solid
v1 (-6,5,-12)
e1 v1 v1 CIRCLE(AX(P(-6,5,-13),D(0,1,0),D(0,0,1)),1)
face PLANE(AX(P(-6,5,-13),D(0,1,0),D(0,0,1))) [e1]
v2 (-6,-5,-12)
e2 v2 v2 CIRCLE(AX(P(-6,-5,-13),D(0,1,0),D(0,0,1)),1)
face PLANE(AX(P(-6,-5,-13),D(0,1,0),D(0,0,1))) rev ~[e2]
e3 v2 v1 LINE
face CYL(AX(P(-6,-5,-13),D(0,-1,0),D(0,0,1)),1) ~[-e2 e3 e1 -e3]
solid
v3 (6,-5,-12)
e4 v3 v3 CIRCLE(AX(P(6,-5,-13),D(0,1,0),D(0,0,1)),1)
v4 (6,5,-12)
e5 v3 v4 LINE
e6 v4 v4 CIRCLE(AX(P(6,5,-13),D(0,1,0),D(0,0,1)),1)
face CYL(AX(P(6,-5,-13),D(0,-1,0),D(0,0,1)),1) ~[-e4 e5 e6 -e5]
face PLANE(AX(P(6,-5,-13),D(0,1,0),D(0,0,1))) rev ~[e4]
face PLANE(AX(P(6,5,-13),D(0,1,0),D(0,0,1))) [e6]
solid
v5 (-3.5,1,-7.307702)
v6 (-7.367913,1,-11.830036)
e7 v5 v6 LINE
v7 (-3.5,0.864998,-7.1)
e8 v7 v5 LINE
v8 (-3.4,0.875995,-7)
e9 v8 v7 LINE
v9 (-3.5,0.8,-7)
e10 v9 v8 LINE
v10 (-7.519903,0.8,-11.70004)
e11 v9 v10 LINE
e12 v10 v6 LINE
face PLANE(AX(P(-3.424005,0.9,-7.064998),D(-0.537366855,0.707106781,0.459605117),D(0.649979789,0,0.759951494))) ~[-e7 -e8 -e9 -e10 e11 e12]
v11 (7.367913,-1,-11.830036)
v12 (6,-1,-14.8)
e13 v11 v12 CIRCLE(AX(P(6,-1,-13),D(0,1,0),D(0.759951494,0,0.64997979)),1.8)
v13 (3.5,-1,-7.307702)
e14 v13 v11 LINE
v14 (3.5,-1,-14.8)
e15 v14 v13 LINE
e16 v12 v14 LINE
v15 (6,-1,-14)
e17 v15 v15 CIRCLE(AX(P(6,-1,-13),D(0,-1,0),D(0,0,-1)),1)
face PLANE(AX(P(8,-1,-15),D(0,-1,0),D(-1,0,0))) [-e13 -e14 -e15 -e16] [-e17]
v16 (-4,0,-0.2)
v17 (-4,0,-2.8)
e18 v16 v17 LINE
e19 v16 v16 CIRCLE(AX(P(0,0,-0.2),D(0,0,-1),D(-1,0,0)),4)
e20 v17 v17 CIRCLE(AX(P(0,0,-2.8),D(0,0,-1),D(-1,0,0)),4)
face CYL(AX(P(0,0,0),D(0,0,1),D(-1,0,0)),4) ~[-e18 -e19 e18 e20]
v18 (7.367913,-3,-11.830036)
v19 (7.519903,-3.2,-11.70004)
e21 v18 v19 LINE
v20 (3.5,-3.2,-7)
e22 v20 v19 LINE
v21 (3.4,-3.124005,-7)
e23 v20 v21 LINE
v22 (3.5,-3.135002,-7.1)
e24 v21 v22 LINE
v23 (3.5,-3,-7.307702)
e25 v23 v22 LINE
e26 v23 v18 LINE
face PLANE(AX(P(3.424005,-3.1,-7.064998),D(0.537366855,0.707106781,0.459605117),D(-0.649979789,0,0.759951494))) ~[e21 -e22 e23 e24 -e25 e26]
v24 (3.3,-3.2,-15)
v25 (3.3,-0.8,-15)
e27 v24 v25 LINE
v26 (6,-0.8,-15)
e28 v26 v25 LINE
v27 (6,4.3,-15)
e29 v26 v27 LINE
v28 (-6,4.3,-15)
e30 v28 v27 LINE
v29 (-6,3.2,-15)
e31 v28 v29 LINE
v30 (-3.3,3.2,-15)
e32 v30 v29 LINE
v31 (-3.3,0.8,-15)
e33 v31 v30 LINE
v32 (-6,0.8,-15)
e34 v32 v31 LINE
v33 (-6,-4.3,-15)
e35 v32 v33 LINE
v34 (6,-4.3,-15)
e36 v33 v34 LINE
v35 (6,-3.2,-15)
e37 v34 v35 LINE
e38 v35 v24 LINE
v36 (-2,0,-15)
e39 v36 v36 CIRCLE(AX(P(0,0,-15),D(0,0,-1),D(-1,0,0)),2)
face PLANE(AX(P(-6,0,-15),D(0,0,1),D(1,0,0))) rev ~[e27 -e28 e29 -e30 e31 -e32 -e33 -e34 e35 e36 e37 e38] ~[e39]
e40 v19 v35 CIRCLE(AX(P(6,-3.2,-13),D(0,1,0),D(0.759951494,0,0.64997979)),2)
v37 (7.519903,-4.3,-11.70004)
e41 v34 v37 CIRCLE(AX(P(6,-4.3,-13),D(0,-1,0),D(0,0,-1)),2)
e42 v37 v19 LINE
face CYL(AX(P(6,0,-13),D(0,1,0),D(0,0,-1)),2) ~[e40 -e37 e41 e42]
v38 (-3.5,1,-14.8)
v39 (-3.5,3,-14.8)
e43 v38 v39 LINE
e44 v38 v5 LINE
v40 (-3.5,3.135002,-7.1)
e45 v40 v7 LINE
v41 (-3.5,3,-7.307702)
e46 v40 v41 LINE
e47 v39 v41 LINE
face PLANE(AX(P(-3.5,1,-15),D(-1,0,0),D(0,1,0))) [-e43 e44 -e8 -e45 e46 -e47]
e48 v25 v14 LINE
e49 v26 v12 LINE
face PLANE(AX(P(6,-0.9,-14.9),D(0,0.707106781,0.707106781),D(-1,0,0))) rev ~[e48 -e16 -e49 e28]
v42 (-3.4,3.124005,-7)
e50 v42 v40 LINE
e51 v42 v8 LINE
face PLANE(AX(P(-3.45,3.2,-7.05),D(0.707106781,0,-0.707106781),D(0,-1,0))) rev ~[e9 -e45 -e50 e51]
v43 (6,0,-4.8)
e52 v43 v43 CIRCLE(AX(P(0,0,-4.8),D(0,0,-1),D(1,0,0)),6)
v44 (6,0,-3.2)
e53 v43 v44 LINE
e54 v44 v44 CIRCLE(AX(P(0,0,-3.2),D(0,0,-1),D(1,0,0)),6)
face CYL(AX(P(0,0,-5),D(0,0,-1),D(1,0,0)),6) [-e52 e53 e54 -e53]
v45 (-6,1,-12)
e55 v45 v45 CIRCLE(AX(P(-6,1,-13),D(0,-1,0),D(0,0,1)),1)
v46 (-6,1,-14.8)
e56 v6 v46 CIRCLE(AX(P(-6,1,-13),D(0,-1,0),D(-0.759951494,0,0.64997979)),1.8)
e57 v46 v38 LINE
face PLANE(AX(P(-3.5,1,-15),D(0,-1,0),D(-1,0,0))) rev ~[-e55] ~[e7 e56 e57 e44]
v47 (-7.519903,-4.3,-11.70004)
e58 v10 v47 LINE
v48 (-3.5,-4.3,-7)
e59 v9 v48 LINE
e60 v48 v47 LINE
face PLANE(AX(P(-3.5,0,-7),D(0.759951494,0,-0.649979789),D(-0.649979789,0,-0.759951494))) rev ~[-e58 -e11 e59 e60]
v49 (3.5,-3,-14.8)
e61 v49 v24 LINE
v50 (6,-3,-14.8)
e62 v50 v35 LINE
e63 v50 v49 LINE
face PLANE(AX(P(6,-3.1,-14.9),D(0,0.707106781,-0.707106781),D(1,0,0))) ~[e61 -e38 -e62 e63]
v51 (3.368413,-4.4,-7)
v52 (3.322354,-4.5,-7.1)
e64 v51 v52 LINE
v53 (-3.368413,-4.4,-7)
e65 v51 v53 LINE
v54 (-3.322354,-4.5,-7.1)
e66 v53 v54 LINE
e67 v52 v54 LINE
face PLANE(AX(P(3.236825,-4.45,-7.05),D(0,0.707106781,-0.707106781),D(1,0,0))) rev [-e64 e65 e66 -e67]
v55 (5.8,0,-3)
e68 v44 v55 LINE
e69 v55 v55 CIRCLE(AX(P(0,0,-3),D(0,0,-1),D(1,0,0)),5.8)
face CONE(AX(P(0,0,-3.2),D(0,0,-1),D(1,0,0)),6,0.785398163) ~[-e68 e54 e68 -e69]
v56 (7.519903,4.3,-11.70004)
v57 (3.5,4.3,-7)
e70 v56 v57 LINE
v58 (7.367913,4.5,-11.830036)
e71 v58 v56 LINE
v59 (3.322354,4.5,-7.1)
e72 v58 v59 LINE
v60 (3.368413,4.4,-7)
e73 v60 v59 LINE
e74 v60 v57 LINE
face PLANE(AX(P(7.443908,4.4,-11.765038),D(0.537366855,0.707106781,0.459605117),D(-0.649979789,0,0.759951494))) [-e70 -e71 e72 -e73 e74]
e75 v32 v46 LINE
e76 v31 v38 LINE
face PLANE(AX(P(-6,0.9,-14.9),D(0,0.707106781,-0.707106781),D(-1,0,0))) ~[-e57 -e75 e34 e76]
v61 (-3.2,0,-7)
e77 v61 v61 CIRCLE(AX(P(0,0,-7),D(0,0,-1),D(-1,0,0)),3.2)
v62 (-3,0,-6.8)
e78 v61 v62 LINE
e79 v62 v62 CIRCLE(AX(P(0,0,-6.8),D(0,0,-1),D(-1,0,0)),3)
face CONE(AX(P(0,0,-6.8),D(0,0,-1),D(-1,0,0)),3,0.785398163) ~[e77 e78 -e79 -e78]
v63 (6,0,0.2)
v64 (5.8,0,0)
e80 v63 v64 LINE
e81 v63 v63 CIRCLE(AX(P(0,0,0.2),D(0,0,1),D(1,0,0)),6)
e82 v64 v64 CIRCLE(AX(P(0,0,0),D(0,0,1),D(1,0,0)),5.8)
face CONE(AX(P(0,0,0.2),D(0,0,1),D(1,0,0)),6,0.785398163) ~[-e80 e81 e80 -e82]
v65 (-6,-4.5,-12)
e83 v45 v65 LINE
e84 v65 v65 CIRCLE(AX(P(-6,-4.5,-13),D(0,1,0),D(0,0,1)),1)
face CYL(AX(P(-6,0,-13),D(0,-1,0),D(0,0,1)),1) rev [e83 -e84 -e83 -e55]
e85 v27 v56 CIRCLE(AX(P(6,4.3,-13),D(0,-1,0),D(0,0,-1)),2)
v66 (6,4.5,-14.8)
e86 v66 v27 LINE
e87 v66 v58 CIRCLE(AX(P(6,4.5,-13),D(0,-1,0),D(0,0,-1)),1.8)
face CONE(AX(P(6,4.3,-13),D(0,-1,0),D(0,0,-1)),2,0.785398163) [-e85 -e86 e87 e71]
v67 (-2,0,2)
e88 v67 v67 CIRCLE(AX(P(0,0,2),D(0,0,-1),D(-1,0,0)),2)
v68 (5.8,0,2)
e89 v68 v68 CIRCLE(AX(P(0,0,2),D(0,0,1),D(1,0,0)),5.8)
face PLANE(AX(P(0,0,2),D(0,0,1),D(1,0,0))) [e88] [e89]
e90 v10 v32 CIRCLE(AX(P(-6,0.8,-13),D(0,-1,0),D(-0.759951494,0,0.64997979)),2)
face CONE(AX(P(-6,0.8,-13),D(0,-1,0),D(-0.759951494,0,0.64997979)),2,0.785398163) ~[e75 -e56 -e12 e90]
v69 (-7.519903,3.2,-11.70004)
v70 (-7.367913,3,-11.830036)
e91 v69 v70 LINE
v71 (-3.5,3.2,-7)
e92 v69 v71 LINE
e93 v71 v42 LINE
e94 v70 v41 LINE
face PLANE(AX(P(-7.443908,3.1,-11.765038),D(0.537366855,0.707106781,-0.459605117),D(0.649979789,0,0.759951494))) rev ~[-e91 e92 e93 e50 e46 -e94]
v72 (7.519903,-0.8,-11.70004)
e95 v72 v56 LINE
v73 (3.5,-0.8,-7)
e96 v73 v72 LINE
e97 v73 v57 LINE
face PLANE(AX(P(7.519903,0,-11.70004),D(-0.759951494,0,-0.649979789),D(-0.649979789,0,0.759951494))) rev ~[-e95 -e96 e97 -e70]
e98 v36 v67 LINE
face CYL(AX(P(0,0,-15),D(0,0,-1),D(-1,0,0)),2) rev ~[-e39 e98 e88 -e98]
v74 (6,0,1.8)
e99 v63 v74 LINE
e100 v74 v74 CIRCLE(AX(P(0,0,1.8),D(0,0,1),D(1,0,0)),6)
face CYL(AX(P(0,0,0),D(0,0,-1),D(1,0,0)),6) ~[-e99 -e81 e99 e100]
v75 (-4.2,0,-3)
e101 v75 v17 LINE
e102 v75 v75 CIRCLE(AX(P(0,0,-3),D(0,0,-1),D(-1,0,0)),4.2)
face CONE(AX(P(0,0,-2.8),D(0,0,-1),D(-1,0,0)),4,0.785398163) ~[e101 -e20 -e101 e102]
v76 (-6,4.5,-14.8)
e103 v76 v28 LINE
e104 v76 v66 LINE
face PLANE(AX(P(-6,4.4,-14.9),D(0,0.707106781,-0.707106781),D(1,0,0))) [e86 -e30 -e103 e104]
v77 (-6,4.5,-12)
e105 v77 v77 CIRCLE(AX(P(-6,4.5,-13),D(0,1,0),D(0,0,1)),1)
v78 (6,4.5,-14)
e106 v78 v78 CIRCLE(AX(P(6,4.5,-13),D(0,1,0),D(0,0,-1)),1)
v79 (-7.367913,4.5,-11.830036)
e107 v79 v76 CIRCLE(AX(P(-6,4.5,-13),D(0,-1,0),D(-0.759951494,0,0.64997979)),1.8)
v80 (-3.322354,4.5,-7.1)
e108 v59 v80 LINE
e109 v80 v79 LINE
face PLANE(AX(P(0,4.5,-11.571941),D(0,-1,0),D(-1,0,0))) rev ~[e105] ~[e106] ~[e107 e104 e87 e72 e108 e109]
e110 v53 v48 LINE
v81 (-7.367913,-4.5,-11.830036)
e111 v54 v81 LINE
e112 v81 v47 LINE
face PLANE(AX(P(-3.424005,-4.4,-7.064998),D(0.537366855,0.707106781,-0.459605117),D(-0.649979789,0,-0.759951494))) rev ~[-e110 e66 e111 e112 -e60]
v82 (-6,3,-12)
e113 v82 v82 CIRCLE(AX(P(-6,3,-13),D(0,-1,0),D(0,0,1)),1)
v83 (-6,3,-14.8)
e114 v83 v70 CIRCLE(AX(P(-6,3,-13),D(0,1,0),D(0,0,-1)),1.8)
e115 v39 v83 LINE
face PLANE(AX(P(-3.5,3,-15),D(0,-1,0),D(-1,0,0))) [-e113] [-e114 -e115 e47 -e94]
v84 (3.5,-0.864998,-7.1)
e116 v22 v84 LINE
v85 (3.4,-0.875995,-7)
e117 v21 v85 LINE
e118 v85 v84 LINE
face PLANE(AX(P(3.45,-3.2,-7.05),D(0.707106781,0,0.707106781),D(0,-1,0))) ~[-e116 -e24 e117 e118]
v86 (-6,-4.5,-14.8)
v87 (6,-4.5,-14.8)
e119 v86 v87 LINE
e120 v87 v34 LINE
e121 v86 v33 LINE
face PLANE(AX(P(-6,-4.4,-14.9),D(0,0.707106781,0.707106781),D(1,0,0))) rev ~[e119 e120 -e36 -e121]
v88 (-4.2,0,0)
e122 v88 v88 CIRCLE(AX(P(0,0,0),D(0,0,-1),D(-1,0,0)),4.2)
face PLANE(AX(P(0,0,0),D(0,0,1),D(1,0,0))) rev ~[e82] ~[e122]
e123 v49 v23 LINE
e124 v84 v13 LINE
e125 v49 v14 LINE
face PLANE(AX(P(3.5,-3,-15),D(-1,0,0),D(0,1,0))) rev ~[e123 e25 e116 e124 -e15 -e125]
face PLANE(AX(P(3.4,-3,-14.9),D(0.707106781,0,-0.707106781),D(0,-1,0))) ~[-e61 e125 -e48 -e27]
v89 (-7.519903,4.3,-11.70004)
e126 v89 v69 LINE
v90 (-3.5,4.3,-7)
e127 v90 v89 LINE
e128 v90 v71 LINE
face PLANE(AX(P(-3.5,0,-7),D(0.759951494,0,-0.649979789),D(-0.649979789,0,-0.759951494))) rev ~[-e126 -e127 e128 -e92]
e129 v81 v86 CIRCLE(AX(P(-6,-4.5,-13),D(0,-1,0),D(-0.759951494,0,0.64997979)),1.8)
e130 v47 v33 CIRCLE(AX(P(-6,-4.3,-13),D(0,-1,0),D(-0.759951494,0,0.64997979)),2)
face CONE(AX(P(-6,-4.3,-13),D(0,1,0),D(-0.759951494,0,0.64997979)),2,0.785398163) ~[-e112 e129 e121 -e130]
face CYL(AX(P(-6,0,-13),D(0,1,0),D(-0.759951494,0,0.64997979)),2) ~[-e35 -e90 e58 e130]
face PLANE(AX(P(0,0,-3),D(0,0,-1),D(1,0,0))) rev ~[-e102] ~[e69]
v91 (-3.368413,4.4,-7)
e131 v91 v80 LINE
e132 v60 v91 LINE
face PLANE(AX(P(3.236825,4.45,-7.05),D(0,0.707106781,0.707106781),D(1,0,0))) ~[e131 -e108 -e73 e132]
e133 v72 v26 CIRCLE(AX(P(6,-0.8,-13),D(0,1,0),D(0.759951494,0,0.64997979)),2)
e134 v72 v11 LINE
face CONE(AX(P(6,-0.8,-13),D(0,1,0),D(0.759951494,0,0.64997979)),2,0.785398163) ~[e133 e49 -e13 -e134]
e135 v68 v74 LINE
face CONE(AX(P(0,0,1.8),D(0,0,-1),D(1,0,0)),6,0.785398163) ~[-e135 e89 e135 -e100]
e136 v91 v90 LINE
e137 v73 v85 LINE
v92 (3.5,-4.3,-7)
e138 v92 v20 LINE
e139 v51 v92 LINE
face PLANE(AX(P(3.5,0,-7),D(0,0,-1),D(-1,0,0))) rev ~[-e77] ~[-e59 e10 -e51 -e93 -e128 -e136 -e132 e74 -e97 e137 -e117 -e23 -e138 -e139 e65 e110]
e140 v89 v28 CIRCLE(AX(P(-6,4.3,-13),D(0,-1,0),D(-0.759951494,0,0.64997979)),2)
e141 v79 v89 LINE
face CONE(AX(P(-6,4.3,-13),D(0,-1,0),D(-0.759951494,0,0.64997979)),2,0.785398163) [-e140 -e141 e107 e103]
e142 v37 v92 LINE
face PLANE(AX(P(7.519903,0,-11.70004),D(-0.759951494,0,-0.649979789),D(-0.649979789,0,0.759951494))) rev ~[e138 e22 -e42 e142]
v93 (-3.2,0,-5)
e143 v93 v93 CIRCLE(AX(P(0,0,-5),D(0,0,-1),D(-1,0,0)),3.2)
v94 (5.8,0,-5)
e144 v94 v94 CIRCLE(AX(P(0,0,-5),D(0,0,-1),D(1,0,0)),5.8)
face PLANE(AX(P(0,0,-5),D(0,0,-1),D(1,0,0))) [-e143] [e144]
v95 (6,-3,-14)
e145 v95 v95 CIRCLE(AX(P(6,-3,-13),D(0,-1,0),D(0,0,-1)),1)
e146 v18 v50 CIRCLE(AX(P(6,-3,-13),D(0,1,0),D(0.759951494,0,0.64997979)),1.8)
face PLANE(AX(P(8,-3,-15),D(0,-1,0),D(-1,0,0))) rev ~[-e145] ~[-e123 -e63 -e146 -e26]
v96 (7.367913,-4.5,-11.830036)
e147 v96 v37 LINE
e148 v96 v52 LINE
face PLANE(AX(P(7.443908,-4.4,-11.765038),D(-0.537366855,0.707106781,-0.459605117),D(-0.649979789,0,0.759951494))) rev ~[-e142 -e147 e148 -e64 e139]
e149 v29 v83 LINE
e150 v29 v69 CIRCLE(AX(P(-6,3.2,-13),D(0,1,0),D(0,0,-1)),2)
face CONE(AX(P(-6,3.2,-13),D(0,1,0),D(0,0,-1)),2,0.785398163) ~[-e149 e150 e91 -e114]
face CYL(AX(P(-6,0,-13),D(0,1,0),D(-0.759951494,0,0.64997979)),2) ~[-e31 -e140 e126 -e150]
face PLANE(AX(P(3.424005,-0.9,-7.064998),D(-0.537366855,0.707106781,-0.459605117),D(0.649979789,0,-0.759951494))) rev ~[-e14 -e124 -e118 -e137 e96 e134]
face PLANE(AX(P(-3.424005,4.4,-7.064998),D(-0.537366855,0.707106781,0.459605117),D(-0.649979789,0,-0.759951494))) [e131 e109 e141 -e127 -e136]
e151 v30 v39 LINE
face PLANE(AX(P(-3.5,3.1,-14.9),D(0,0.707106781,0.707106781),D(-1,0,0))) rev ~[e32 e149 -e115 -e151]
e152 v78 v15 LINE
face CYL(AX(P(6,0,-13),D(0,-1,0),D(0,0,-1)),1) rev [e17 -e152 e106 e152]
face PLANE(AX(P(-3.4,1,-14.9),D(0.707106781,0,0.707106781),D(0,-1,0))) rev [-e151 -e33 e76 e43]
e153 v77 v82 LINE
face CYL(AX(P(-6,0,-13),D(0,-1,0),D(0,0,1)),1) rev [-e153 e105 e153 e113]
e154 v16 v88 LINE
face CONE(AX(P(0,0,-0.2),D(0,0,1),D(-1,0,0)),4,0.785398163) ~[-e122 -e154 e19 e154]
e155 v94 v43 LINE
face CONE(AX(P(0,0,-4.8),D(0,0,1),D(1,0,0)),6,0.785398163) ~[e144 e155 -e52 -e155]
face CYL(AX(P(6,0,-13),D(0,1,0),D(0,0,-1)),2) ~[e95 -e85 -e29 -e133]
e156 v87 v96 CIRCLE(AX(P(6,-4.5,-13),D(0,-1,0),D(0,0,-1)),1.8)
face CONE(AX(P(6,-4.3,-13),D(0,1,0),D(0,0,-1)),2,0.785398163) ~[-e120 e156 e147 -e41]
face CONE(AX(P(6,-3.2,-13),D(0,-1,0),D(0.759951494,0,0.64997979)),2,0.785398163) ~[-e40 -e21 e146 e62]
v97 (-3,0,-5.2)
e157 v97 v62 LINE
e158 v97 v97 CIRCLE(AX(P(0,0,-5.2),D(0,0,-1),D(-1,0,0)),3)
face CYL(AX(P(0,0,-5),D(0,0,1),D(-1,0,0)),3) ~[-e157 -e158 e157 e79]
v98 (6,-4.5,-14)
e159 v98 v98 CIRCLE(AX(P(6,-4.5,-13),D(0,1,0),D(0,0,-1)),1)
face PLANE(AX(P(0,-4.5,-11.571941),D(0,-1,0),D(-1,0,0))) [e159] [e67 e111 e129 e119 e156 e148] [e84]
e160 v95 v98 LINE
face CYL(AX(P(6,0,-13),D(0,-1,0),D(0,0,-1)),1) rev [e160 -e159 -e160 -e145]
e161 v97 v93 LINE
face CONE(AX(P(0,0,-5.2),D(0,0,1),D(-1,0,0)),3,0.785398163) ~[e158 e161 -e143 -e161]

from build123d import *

# Parameters (mm, degrees)
SKETCH1_R                = 6
BOSS_EXTRUDE1_DEPTH      = 2
SKETCH2_R                = 4
BOSS_EXTRUDE2_DEPTH      = 3
BOSS_EXTRUDE3_START      = 2
SKETCH3_R                = 6
BOSS_EXTRUDE3_DEPTH      = 2
SKETCH4_R                = 3
BOSS_EXTRUDE4_DEPTH      = 2
SKETCH5_R                = 1
BOSS_EXTRUDE5_DEPTH      = 4.5
CUT_EXTRUDE1_REACH       = 21.723
SKETCH6_W                = 4.5
SKETCH6_H                = 2
SKETCH7_R                = 2
CUT_EXTRUDE2_DEPTH       = 20.723082923
CHAMFER1_SIZE            = 0.2
CHAMFER2_SIZE            = 0.1
BOSS_EXTRUDE6_DEPTH      = 0.5
BOSS_EXTRUDE6_DEPTH_BACK = 9.5
SKETCH8_R                = 1
BOSS_EXTRUDE7_DEPTH      = 0.5
BOSS_EXTRUDE7_DEPTH_BACK = 9.5
SKETCH9_R                = 1


with BuildPart() as part:
    # Sketch1 → Boss-Extrude1 (new body)
    with BuildSketch(Plane.XY):
        Circle(SKETCH1_R)
    extrude(amount=BOSS_EXTRUDE1_DEPTH)

    # Sketch2 → Boss-Extrude2 (add)
    with BuildSketch(Plane(origin=(0, 0, 0), x_dir=(-1, 0, 0), z_dir=(0, 0, -1))):
        Circle(SKETCH2_R)
    extrude(amount=BOSS_EXTRUDE2_DEPTH)

    # Sketch3 → Boss-Extrude3 (add)
    with BuildSketch(Plane(origin=(0, 0, -3), x_dir=(-1, 0, 0), z_dir=(0, 0, -1)).offset(BOSS_EXTRUDE3_START)):
        with Locations(Location((0, 0, 0), (0, 0, 180))):
            Circle(SKETCH3_R)
    extrude(amount=-BOSS_EXTRUDE3_DEPTH)

    # Sketch4 → Boss-Extrude4 (add)
    with BuildSketch(Plane(origin=(0, 0, -5), x_dir=(-1, 0, 0), z_dir=(0, 0, -1))):
        Circle(SKETCH4_R)
    extrude(amount=BOSS_EXTRUDE4_DEPTH)

    # Sketch5 → Boss-Extrude5 (add, symmetric)
    with BuildSketch(Plane(origin=(0, 0, 0), x_dir=(1, 0, 0), z_dir=(0, 1, 0))):
        with BuildLine():
            Line((3.5, 7), (-3.5, 7))
            Line((-3.5, 7), (-7.519902988, 11.700040421))
            ThreePointArc((-7.519902988, 11.700040421), (-7.816579087, 13.836684183), (-6, 15))
            Line((-6, 15), (6, 15))
            ThreePointArc((6, 15), (7.816579087, 13.836684183), (7.519902988, 11.700040421))
            Line((7.519902988, 11.700040421), (3.5, 7))
        make_face()
        with Locations(Location((-6, 13, 0), (0, 0, 270))):
            Circle(SKETCH5_R, mode=Mode.SUBTRACT)
        with Locations(Location((6, 13, 0), (0, 0, 90))):
            Circle(SKETCH5_R, mode=Mode.SUBTRACT)
    extrude(amount=BOSS_EXTRUDE5_DEPTH, both=True)

    # Cut-Extrude1: up to this face of the body (flat: up to its plane)
    cut_extrude1_end = Plane(part.part.faces().sort_by_distance((3.385982457, 0, -7))[0])
    # Sketch6 → Cut-Extrude1 (cut, up to the picked face)
    with BuildSketch(Plane(origin=(0, 0, -15), x_dir=(-1, 0, 0), z_dir=(0, 0, -1)), mode=Mode.PRIVATE) as cut_extrude1_sk1:
        with Locations((-5.75, -2)):
            Rectangle(SKETCH6_W, SKETCH6_H)
    cut_extrude1_tool1 = split(extrude(cut_extrude1_sk1.sketch, amount=-CUT_EXTRUDE1_REACH, mode=Mode.PRIVATE), bisect_by=cut_extrude1_end, keep=Keep.BOTH, mode=Mode.PRIVATE)
    # Sketch6 → Cut-Extrude1 (cut, up to the picked face)
    with BuildSketch(Plane(origin=(0, 0, -15), x_dir=(-1, 0, 0), z_dir=(0, 0, -1)), mode=Mode.PRIVATE) as cut_extrude1_sk2:
        with Locations((5.75, 2)):
            Rectangle(SKETCH6_W, SKETCH6_H)
    cut_extrude1_tool2 = split(extrude(cut_extrude1_sk2.sketch, amount=-CUT_EXTRUDE1_REACH, mode=Mode.PRIVATE), bisect_by=cut_extrude1_end, keep=Keep.BOTH, mode=Mode.PRIVATE)
    add(cut_extrude1_tool1.solids().sort_by(Axis((5.75, -2, -15), (0, 0, 1)))[0], mode=Mode.SUBTRACT)
    add(cut_extrude1_tool2.solids().sort_by(Axis((-5.75, 2, -15), (0, 0, 1)))[0], mode=Mode.SUBTRACT)

    # Sketch7 → Cut-Extrude2 (cut, through all)
    with BuildSketch(Plane(origin=(0, 0, -15), x_dir=(-1, 0, 0), z_dir=(0, 0, -1))):
        Circle(SKETCH7_R)
    extrude(amount=-CUT_EXTRUDE2_DEPTH, mode=Mode.SUBTRACT)

    # Chamfer1
    chamfer1_edges = [part.edges().sort_by_distance(p)[0] for p in [
        (-6, 0, -3),
        (-6, 0, -5),
        (3, 0, -5),
        (3, 0, -7),
        (-5.509951494, 4.5, -9.350020211),
        (-6, 0, 0),
        (5.509951494, 4.5, -9.350020211),
        (7.816579087, 4.5, -13.836684183),
        (0, 4.5, -15),
        (-7.816579087, 4.5, -13.836684183),
        (-5.509951494, -4.5, -9.350020211),
        (5.509951494, -4.5, -9.350020211),
        (7.816579087, -4.5, -13.836684183),
        (0, -4.5, -15),
        (-7.816579087, -4.5, -13.836684183),
        (-6, 0, 2),
        (4.75, -1, -15),
        (4.75, -3, -15),
        (3.5, -2, -15),
        (5.509951494, -1, -9.350020211),
        (7.816579087, -1, -13.836684183),
        (7.816579087, -3, -13.836684183),
        (5.509951494, -3, -9.350020211),
        (4, 0, 0),
        (-5.509951494, 1, -9.350020211),
        (4, 0, -3),
        (-7.816579087, 1, -13.836684183),
        (-7.816579087, 3, -13.836684183),
        (-5.509951494, 3, -9.350020211),
        (-4.75, 3, -15),
        (-3.5, 2, -15),
        (-4.75, 1, -15),
    ]]
    chamfer(chamfer1_edges, length=CHAMFER1_SIZE)

    # Chamfer2
    chamfer2_edges = [part.edges().sort_by_distance(p)[0] for p in [
        (0, -4.5, -7),
        (0, 4.5, -7),
        (3.5, -2, -7),
        (-3.5, 2, -7),
    ]]
    chamfer(chamfer2_edges, length=CHAMFER2_SIZE)


with BuildPart() as body_2:
    # Sketch8 → Boss-Extrude6 (new, two sides: drawn at the far end of the back side and taken through both)
    with BuildSketch(Plane(origin=(0, 4.5, 0), x_dir=(1, 0, 0), z_dir=(0, 1, 0)).offset(-BOSS_EXTRUDE6_DEPTH_BACK)):
        with Locations(Location((-6, 13, 0), (0, 0, 270))):
            Circle(SKETCH8_R)
    extrude(amount=BOSS_EXTRUDE6_DEPTH + BOSS_EXTRUDE6_DEPTH_BACK)


with BuildPart() as body_3:
    # Sketch9 → Boss-Extrude7 (new, two sides: drawn at the far end of the back side and taken through both)
    with BuildSketch(Plane(origin=(0, 4.5, 0), x_dir=(1, 0, 0), z_dir=(0, 1, 0)).offset(-BOSS_EXTRUDE7_DEPTH_BACK)):
        with Locations(Location((6, 13, 0), (0, 0, 270))):
            Circle(SKETCH9_R)
    extrude(amount=BOSS_EXTRUDE7_DEPTH + BOSS_EXTRUDE7_DEPTH_BACK)


solid = Compound([part.part, body_2.part, body_3.part])
